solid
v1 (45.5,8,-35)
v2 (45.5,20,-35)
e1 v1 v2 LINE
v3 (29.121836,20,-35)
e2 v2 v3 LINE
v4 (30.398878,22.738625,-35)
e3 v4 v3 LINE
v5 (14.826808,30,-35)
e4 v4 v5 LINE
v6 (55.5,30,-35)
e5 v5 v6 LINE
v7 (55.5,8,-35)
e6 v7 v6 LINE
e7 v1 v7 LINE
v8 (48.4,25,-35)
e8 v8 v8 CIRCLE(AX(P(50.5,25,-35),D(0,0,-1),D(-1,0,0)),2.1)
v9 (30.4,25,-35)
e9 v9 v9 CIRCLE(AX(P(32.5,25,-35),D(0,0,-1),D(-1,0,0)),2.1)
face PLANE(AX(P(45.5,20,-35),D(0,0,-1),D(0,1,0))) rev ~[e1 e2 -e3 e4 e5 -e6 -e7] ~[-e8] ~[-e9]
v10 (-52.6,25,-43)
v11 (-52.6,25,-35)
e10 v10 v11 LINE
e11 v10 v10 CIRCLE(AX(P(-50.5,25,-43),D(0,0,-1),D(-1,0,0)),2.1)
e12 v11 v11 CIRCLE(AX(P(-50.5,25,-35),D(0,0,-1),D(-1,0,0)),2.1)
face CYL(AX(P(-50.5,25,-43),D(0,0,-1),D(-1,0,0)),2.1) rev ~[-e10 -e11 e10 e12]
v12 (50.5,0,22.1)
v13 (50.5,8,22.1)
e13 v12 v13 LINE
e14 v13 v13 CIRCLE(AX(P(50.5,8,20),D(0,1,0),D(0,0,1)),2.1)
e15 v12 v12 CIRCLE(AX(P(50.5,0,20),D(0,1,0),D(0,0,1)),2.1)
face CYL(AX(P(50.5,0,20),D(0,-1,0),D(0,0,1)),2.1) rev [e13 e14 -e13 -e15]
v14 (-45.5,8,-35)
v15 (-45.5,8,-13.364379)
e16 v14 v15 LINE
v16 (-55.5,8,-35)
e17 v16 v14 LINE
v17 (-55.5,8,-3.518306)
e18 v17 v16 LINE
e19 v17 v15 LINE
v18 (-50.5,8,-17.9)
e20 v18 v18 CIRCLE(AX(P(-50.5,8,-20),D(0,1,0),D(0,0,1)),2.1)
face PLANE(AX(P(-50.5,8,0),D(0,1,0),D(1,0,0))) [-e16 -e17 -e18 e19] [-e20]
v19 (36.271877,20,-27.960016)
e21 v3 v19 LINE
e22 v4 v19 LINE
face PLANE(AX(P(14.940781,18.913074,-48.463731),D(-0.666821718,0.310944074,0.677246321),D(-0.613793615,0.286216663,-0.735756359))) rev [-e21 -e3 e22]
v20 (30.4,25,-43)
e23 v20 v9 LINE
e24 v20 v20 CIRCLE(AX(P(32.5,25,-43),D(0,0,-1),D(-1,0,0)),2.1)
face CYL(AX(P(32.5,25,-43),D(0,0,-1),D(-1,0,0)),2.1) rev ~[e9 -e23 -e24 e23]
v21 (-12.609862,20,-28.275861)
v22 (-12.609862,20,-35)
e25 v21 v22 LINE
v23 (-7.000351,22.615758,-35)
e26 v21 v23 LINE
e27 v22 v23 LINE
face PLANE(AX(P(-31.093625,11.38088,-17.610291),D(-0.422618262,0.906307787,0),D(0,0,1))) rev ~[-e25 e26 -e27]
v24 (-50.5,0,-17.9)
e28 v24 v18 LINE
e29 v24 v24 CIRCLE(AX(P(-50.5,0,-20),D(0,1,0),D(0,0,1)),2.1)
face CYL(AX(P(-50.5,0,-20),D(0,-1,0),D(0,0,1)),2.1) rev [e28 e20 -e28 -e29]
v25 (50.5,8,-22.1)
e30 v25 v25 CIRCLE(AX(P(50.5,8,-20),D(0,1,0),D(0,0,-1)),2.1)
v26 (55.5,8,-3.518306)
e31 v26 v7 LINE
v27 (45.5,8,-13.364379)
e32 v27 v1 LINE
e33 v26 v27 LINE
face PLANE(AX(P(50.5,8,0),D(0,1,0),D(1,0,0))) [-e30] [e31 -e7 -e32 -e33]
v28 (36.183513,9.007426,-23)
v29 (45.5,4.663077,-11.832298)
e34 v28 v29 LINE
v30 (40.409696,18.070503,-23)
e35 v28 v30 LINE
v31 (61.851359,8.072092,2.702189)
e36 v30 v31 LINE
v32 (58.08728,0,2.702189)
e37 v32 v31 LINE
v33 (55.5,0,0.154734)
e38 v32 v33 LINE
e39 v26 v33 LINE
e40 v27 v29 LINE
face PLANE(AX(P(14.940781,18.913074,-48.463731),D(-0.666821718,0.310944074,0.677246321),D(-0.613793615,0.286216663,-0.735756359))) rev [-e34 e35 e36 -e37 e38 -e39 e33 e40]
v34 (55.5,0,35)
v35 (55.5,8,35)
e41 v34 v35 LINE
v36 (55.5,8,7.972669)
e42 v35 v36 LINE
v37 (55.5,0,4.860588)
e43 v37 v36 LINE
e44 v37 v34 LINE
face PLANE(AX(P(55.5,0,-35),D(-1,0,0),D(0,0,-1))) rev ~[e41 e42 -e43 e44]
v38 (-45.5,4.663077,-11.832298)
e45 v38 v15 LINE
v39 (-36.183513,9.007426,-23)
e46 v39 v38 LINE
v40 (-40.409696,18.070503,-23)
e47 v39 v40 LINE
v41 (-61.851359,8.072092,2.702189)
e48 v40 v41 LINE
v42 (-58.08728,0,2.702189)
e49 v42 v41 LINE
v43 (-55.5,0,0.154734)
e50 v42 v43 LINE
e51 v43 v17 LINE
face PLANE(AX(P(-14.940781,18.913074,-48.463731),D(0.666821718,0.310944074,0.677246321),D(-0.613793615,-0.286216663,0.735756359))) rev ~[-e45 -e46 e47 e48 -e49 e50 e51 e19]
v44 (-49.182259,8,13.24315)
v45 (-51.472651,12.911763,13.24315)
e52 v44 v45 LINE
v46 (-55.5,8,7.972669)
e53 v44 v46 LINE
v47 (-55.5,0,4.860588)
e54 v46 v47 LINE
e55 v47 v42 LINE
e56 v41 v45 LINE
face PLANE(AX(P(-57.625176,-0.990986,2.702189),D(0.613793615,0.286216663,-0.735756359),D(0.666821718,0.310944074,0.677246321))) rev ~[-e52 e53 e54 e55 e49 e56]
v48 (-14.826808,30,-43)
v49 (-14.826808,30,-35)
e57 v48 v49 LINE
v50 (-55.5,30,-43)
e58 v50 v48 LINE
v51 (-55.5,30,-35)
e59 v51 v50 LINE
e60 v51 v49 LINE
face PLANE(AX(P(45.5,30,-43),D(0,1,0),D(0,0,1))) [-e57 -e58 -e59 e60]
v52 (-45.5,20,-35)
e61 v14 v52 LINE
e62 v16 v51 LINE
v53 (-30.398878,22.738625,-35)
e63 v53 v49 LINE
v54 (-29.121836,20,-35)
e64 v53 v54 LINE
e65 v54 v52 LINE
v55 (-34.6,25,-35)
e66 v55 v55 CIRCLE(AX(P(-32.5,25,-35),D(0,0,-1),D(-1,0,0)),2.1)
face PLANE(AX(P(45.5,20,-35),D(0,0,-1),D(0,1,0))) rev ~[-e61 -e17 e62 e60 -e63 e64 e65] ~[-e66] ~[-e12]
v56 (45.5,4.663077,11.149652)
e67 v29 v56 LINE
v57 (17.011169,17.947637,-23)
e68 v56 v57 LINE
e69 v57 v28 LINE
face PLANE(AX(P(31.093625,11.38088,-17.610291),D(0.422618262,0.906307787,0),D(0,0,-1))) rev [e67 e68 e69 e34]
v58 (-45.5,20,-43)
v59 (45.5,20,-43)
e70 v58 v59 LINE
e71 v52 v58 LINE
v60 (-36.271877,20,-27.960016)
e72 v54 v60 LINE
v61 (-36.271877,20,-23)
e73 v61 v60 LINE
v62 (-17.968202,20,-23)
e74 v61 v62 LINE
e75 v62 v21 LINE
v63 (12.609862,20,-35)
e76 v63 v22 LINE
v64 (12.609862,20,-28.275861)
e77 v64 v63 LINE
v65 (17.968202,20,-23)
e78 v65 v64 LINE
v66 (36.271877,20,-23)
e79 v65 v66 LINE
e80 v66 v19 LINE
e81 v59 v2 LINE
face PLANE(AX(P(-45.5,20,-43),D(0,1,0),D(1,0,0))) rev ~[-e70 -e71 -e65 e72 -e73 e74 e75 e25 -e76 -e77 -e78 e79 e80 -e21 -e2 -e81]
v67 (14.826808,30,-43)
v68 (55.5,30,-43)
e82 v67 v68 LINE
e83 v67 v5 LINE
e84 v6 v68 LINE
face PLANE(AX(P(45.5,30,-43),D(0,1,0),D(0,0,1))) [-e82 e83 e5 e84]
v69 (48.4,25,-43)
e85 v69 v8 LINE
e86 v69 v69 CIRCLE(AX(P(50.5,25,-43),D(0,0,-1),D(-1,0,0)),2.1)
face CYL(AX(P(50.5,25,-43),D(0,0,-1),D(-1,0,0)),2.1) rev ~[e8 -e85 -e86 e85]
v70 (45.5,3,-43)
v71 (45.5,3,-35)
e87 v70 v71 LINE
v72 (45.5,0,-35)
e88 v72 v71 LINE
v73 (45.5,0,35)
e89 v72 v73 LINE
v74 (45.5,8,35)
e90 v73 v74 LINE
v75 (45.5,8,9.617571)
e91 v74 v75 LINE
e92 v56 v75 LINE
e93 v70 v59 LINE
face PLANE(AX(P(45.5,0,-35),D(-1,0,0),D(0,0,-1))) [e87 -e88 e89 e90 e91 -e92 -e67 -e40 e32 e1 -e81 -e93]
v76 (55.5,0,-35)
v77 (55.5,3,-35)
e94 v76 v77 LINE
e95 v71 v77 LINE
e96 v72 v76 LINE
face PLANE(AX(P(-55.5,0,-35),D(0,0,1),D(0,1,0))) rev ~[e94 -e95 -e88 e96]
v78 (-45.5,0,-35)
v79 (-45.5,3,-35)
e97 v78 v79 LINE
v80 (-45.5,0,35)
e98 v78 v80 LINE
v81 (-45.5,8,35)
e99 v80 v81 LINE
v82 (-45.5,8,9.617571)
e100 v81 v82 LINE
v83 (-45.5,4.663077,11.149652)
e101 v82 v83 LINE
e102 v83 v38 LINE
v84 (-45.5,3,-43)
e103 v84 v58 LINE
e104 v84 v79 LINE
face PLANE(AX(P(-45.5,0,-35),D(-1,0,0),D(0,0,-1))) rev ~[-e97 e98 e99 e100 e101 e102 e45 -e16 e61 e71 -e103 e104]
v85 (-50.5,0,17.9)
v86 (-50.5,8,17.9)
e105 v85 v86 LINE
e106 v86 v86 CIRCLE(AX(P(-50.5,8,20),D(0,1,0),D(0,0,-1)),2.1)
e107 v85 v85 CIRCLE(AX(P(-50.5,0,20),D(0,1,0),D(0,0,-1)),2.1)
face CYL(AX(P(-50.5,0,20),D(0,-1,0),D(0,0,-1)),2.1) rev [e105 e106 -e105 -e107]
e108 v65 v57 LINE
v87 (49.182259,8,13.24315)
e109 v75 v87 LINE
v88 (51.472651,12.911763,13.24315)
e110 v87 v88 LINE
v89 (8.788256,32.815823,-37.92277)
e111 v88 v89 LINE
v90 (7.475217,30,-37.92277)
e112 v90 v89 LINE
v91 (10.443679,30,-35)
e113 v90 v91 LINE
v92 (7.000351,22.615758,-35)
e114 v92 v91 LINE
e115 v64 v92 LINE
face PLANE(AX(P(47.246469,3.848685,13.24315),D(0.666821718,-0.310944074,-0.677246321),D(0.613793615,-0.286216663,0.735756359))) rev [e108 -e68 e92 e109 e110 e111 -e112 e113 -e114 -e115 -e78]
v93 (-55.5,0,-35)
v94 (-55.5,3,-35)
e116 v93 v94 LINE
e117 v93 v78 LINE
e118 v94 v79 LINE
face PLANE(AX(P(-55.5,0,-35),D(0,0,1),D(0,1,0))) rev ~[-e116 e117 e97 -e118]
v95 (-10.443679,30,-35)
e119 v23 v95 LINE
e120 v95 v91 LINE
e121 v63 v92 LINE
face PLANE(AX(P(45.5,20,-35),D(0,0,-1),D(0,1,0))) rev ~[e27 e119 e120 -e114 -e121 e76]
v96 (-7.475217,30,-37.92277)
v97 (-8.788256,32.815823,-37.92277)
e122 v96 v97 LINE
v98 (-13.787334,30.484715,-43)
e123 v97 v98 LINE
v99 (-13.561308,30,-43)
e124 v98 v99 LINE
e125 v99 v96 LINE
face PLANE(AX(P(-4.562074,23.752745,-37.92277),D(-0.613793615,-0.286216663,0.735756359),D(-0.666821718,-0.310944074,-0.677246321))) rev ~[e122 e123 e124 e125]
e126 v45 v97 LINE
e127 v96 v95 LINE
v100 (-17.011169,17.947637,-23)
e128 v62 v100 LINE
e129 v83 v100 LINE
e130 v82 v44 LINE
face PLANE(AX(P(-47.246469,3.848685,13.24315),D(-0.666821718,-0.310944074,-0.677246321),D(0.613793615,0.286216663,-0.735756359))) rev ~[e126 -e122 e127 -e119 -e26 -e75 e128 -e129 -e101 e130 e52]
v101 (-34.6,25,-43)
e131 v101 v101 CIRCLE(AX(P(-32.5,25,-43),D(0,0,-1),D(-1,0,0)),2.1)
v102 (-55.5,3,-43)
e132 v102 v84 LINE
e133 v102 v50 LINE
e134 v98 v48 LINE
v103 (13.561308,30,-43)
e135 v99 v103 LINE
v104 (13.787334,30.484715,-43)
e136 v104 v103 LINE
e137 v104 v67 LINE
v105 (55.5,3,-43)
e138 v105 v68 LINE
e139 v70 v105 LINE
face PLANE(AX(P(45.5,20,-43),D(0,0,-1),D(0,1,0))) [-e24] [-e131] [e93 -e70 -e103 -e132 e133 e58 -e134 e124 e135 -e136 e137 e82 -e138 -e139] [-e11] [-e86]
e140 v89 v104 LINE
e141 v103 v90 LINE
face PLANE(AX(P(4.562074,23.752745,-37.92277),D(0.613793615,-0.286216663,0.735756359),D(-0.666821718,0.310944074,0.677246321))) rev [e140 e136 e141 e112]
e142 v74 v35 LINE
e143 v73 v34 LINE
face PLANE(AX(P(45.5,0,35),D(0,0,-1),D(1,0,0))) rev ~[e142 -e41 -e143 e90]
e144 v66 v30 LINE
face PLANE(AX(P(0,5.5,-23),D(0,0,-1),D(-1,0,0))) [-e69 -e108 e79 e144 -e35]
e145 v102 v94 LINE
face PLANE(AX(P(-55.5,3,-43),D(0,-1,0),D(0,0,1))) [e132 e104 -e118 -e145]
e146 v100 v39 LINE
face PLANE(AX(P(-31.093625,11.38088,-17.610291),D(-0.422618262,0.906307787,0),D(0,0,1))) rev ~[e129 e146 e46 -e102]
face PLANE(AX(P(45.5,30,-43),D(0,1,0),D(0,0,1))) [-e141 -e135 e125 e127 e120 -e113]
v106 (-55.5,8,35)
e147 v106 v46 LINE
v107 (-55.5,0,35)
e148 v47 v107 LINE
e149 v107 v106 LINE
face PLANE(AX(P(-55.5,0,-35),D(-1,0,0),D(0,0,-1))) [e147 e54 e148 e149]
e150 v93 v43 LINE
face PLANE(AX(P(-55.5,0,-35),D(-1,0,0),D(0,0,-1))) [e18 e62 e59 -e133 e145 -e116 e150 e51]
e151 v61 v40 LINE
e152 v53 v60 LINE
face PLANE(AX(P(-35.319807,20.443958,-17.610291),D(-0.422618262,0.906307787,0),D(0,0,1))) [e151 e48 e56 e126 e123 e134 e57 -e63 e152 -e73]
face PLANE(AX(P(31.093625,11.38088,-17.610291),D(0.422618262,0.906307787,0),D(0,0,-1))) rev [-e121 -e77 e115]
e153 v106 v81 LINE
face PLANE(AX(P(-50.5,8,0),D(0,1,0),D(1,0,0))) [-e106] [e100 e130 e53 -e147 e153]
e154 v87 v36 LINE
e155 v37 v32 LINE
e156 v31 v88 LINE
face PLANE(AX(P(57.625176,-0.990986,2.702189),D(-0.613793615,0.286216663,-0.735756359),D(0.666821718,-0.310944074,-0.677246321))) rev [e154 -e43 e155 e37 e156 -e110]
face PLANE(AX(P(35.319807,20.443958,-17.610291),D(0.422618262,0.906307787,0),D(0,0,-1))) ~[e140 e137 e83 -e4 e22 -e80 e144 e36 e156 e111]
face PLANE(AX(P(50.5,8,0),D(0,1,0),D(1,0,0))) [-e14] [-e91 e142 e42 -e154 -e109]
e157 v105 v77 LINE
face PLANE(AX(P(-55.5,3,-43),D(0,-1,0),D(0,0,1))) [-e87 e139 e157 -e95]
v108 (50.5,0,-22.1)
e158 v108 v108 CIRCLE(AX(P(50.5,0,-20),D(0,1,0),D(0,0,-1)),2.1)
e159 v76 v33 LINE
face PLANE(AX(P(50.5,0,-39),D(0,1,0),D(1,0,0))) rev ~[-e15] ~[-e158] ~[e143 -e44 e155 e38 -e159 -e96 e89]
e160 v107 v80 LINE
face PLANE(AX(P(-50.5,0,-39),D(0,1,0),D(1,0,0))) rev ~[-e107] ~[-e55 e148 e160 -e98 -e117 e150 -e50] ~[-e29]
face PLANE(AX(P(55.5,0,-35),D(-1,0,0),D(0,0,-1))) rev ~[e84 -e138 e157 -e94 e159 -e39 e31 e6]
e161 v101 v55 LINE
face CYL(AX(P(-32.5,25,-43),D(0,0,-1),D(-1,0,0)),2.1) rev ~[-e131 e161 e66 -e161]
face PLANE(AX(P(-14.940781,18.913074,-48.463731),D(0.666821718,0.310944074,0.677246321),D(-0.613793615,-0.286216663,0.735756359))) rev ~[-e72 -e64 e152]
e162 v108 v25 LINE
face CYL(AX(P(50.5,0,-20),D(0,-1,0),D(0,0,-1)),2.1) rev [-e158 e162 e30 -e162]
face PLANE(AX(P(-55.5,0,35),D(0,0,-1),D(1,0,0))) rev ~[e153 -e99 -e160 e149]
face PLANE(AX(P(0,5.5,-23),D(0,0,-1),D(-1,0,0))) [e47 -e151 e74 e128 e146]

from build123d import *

# Parameters (mm, degrees)
SKETCH_1_W          = 10
SKETCH_1_H          = 70
SKETCH_1_R          = 2.1
EXTRUDE_1_DEPTH     = 8
EXTRUDE_1_2_DEPTH   = 8
SKETCH_2_W          = 10
SKETCH_2_H          = 8
EXTRUDE_2_DEPTH     = 30
SKETCH_4_W          = 8
SKETCH_4_H          = 10
EXTRUDE_3_DEPTH     = 97
SKETCH_6_R          = 2.1
CUT_EXTRUDE_1_DEPTH = 101.320735643
EXTRUDE_4_DEPTH     = 10
SKETCH_11_W         = 111
SKETCH_11_H         = 6
CUT_EXTRUDE_3_DEPTH = 86.153989901
CUT_EXTRUDE_5_DEPTH = 20
SKETCH_13_W         = 8
SKETCH_13_H         = 3
CUT_EXTRUDE_7_DEPTH = 130.217721636
SKETCH_14_W         = 130
SKETCH_14_H         = 5
CUT_EXTRUDE_8_DEPTH = 105.816357447


with BuildPart() as part:
    # 草图1 → 凸台-拉伸1 (new body)
    with BuildSketch(Plane(origin=(0, 0, 0), x_dir=(1, 0, 0), z_dir=(0, 1, 0))):
        with Locations((-50.5, 0)):
            Rectangle(SKETCH_1_W, SKETCH_1_H)
        with Locations(Location((-50.5, 20, 0), (0, 0, 270))):
            Circle(SKETCH_1_R, mode=Mode.SUBTRACT)
        with Locations(Location((-50.5, -20, 0), (0, 0, 90))):
            Circle(SKETCH_1_R, mode=Mode.SUBTRACT)
    extrude(amount=EXTRUDE_1_DEPTH)



with BuildPart() as body_2:
    # 草图1 → Extrude 1 2 (new body)
    with BuildSketch(Plane(origin=(0, 0, 0), x_dir=(1, 0, 0), z_dir=(0, 1, 0))):
        with Locations((50.5, 0)):
            Rectangle(SKETCH_1_W, SKETCH_1_H)
        with Locations(Location((50.5, -20, 0), (0, 0, 270))):
            Circle(SKETCH_1_R, mode=Mode.SUBTRACT)
        with Locations(Location((50.5, 20, 0), (0, 0, 90))):
            Circle(SKETCH_1_R, mode=Mode.SUBTRACT)
    extrude(amount=EXTRUDE_1_2_DEPTH)


with BuildPart() as part_1:
    add(part.part)

    add(body_2.part)  # 凸台-拉伸2 merges body 2
    # 草图2 → 凸台-拉伸2 (add)
    with BuildSketch(Plane(origin=(0, 0, 0), x_dir=(1, 0, 0), z_dir=(0, 1, 0))):
        with Locations((-50.5, 39)):
            Rectangle(SKETCH_2_W, SKETCH_2_H)
        with Locations((50.5, 39)):
            Rectangle(SKETCH_2_W, SKETCH_2_H)
    extrude(amount=EXTRUDE_2_DEPTH)

    # 草图4 → 凸台-拉伸3 (add)
    with BuildSketch(Plane.ZY.offset(-45.5)):
        with Locations((-39, 25)):
            Rectangle(SKETCH_4_W, SKETCH_4_H)
    extrude(amount=EXTRUDE_3_DEPTH)

    # 草图6 → 切除-拉伸1 (cut, through all)
    with BuildSketch(Plane(origin=(0, 0, -43), x_dir=(-1, 0, 0), z_dir=(0, 0, -1))):
        with Locations((-50.5, 25)):
            Circle(SKETCH_6_R)
        with Locations((-32.5, 25)):
            Circle(SKETCH_6_R)
        with Locations((32.5, 25)):
            Circle(SKETCH_6_R)
        with Locations((50.5, 25)):
            Circle(SKETCH_6_R)
    extrude(amount=-CUT_EXTRUDE_1_DEPTH, mode=Mode.SUBTRACT)

    # 草图9 → 凸台-拉伸4 (add)
    with BuildSketch(Plane(origin=(-9.912643831, 21.257733297, 0), x_dir=(0, 0, 1), z_dir=(-0.4226182617407003, 0.9063077870366496, 0))):
        Polygon((13.243149515, -41.193317821), (-37.922770357, 5.903700872), (-48.463730846, -5.547935659), (2.702189027, -52.644954352), align=None)
    extrude_4 = extrude(amount=EXTRUDE_4_DEPTH)

    # 镜向2: 凸台-拉伸4 across plane
    add(extrude_4.mirror(Plane(origin=(0, 0, 0), x_dir=(0, 0, 1), z_dir=(1, 0, 0))))

    # 草图11 → 切除-拉伸3 (cut, through all)
    with BuildSketch(Plane(origin=(0, 0, 0), x_dir=(1, 0, 0), z_dir=(0, 1, 0))):
        with Locations((0, 46)):
            Rectangle(SKETCH_11_W, SKETCH_11_H)
    extrude(amount=CUT_EXTRUDE_3_DEPTH, mode=Mode.SUBTRACT)

    # 草图12 → 切除-拉伸5 (cut)
    with BuildSketch(Plane(origin=(0, 0, -43), x_dir=(-1, 0, 0), z_dir=(0, 0, -1))):
        Polygon((-45.5, 20), (-45.5, 0), (-60, 0), (-60, -5), (60, -5), (60, 0), (45.5, 0), (45.5, 20), align=None)
    extrude(amount=-CUT_EXTRUDE_5_DEPTH, mode=Mode.SUBTRACT)

    # 草图13 → 切除-拉伸7 (cut, through all)
    with BuildSketch(Plane.ZY.offset(55.5)):
        with Locations((-39, 1.5)):
            Rectangle(SKETCH_13_W, SKETCH_13_H)
    extrude(amount=-CUT_EXTRUDE_7_DEPTH, mode=Mode.SUBTRACT)

    # 草图14 → 切除-拉伸8 (cut, through all)
    with BuildSketch(Plane(origin=(0, 0, -43), x_dir=(-1, 0, 0), z_dir=(0, 0, -1))):
        with Locations((0, -2.5)):
            Rectangle(SKETCH_14_W, SKETCH_14_H)
    extrude(amount=-CUT_EXTRUDE_8_DEPTH, mode=Mode.SUBTRACT)


solid = part_1.part
